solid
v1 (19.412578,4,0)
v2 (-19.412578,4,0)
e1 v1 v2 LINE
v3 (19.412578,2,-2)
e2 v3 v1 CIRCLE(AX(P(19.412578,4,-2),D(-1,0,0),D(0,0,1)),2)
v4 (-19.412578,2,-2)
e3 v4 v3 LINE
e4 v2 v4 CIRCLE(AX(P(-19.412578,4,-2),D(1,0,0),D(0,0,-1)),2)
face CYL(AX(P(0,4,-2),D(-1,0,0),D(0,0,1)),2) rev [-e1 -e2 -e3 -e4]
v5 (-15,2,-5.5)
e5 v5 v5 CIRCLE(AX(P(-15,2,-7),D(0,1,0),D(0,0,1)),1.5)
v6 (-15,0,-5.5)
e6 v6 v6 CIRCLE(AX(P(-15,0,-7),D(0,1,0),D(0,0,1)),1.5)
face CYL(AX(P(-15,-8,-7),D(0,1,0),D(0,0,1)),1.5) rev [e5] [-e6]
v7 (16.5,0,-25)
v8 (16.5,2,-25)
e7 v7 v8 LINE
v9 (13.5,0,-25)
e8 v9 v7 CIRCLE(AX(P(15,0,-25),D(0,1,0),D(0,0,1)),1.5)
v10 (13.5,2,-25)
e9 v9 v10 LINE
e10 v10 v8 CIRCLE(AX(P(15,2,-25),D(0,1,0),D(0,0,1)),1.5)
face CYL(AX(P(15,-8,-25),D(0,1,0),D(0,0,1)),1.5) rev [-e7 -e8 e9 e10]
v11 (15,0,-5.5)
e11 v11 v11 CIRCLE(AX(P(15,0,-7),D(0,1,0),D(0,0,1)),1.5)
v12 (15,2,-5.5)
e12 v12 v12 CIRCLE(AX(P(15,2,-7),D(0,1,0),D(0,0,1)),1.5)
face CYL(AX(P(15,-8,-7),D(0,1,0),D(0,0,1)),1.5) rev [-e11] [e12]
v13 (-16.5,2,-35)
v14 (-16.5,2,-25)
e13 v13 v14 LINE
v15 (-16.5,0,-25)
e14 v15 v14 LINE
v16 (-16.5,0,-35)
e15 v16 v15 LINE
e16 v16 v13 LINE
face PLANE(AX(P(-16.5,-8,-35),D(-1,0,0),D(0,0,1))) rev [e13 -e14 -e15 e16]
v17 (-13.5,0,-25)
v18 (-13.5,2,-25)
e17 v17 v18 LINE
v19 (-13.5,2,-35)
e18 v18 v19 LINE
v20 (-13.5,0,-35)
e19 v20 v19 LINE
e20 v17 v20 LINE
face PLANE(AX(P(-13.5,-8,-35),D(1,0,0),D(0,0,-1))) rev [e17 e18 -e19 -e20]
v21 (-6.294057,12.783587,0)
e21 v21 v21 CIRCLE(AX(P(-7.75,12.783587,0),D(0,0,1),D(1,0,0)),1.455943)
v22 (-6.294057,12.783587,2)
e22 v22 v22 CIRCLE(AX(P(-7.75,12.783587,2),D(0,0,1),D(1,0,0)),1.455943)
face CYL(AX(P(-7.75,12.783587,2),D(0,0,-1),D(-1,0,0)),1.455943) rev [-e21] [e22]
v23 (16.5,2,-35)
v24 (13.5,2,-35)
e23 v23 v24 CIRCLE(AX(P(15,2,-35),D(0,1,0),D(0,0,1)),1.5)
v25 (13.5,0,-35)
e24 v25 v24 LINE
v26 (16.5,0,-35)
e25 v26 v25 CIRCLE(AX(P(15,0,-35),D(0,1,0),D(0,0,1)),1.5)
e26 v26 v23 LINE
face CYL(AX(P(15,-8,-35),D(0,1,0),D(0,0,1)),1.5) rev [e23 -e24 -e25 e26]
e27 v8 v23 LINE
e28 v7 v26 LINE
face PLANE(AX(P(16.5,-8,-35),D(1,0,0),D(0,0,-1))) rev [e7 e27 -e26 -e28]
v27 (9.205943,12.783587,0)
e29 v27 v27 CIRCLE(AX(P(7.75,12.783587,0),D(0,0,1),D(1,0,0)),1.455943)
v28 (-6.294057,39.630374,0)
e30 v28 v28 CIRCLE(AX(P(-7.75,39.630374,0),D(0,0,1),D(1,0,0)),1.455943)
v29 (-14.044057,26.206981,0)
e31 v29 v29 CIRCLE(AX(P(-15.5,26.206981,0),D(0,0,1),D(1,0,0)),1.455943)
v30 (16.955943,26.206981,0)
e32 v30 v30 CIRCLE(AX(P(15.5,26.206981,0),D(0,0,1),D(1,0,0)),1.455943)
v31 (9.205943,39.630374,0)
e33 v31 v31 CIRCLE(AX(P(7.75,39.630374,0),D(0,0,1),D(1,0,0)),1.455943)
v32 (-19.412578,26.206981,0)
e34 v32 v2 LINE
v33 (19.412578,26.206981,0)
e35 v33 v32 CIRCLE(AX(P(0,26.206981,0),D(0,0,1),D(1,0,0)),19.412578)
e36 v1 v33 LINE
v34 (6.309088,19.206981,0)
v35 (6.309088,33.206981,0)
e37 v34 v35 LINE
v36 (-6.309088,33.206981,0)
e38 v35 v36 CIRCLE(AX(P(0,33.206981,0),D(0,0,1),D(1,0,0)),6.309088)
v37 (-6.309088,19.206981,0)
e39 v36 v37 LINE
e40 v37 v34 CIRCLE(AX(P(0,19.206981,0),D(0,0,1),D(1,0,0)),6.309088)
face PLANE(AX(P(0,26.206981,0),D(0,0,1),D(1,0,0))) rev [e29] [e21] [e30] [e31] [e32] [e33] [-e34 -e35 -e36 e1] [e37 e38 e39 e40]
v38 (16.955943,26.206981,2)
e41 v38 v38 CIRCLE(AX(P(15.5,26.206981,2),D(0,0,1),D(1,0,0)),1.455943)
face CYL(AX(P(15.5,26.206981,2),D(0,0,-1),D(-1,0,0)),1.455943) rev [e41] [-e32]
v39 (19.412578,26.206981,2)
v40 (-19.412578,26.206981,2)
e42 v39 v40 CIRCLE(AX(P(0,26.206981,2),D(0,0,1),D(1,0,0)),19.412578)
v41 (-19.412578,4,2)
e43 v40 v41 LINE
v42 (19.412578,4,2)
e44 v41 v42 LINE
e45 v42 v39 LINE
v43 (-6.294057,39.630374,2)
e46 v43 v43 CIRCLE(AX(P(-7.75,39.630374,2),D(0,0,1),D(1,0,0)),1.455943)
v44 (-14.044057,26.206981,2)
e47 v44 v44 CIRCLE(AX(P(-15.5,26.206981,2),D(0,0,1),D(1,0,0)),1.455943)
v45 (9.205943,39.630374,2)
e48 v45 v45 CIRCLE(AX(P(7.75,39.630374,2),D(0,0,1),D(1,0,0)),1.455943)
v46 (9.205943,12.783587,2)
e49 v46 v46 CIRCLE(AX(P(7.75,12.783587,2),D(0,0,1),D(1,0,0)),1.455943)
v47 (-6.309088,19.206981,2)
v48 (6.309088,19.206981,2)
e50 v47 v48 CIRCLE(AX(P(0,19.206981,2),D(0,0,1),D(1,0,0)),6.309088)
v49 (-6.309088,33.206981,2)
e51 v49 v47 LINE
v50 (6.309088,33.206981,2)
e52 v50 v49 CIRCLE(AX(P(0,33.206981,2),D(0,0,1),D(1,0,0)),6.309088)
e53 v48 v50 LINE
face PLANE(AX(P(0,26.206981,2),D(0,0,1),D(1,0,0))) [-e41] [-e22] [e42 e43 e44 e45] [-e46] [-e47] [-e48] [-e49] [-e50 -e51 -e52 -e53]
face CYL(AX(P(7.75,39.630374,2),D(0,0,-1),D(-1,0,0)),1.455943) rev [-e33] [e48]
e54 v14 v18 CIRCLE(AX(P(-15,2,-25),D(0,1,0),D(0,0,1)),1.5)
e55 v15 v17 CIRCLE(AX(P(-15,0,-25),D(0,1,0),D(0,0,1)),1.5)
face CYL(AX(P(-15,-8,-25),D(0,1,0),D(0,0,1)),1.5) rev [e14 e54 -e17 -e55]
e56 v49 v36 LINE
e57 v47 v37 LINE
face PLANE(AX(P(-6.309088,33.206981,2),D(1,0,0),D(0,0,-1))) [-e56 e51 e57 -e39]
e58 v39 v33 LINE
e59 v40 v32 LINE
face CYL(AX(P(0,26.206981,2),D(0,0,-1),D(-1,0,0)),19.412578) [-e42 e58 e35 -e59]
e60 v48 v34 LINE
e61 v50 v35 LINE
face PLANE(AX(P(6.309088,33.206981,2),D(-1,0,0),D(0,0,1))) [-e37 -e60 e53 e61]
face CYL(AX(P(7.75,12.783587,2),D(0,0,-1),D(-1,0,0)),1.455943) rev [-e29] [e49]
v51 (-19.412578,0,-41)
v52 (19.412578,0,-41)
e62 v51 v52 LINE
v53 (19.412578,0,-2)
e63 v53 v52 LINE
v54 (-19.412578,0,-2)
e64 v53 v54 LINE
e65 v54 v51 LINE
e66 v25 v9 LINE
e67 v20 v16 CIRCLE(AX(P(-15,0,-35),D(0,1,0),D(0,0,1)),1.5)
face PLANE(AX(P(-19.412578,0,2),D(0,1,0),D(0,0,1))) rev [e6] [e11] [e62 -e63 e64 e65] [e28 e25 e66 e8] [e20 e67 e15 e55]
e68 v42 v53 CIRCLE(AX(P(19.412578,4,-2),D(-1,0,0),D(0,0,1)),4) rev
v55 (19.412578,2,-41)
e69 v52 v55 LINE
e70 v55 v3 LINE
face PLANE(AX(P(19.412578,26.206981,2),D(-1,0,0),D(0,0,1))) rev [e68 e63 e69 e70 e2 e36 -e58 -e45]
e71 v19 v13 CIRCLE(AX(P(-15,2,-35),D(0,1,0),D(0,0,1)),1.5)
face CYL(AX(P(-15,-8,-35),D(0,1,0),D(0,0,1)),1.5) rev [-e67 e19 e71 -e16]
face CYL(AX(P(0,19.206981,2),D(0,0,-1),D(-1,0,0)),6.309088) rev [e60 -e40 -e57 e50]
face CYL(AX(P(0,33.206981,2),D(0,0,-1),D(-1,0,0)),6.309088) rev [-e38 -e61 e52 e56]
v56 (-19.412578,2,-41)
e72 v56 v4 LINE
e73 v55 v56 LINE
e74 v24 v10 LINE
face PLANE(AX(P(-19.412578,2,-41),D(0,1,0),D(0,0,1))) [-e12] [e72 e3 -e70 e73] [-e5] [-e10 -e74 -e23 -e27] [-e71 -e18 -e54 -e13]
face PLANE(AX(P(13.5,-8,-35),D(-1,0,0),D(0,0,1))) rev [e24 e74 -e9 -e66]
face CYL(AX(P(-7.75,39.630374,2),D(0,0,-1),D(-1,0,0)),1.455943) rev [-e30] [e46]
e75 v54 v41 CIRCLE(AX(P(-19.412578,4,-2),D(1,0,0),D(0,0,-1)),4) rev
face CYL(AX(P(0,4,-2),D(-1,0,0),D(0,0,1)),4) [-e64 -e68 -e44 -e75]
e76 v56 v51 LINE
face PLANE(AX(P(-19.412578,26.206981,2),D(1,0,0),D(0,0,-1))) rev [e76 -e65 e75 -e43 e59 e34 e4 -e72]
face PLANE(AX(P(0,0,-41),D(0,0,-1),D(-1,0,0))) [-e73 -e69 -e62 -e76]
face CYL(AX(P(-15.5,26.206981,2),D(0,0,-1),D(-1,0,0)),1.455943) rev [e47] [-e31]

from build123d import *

# Parameters (mm, degrees)
SKETCH_2_R          = 1.455943363
EXTRUDE_1_DEPTH     = 2
SKETCH_3_W          = 38.825156346
SKETCH_3_H          = 2
EXTRUDE_2_DEPTH     = 43
SKETCH_4_R          = 1.5
CUT_EXTRUDE_1_DEPTH = 10
FILLET_1_R          = 4
FILLET_2_R          = 2


with BuildPart() as part:
    # 草图2 → 凸台-拉伸1 (new body)
    with BuildSketch(Plane.XY):
        with BuildLine():
            Line((-19.412578173, 26.206980534), (-19.412578173, 0))
            Line((-19.412578173, 0), (19.412578173, 0))
            Line((19.412578173, 0), (19.412578173, 26.206980534))
            ThreePointArc((19.412578173, 26.206980534), (0, 45.619558707), (-19.412578173, 26.206980534))
        make_face()
        with Locations((15.5, 26.206980534)):
            Circle(SKETCH_2_R, mode=Mode.SUBTRACT)
        with Locations((7.75, 12.783586775)):
            Circle(SKETCH_2_R, mode=Mode.SUBTRACT)
        with Locations((-7.75, 12.783586775)):
            Circle(SKETCH_2_R, mode=Mode.SUBTRACT)
        with Locations((-15.5, 26.206980534)):
            Circle(SKETCH_2_R, mode=Mode.SUBTRACT)
        with Locations((-7.75, 39.630374293)):
            Circle(SKETCH_2_R, mode=Mode.SUBTRACT)
        with Locations((7.75, 39.630374293)):
            Circle(SKETCH_2_R, mode=Mode.SUBTRACT)
        with BuildLine():
            Line((-6.309087906, 33.206980534), (-6.309087906, 19.206980534))
            ThreePointArc((-6.309087906, 19.206980534), (0, 12.897892628), (6.309087906, 19.206980534))
            Line((6.309087906, 19.206980534), (6.309087906, 33.206980534))
            ThreePointArc((6.309087906, 33.206980534), (0, 39.51606844), (-6.309087906, 33.206980534))
        make_face(mode=Mode.SUBTRACT)
    extrude(amount=EXTRUDE_1_DEPTH)

    # 草图3 → 凸台-拉伸2 (add)
    with BuildSketch(Plane.XY.offset(2)):
        with Locations((0, 1)):
            Rectangle(SKETCH_3_W, SKETCH_3_H)
    extrude(amount=-EXTRUDE_2_DEPTH)

    # 草图4 → 切除-拉伸1 (cut)
    with BuildSketch(Plane(origin=(0, 2, 0), x_dir=(1, 0, 0), z_dir=(0, 1, 0))):
        with Locations(Location((-15, 7, 0), (0, 0, 270))):
            Circle(SKETCH_4_R)
        with Locations(Location((15, 7, 0), (0, 0, 270))):
            Circle(SKETCH_4_R)
        with BuildLine():
            Line((-16.5, 35), (-16.5, 25))
            ThreePointArc((-16.5, 25), (-15, 23.5), (-13.5, 25))
            Line((-13.5, 25), (-13.5, 35))
            ThreePointArc((-13.5, 35), (-15, 36.5), (-16.5, 35))
        make_face()
        with BuildLine():
            Line((13.5, 35), (13.5, 25))
            ThreePointArc((13.5, 25), (15, 23.5), (16.5, 25))
            Line((16.5, 25), (16.5, 35))
            ThreePointArc((16.5, 35), (15, 36.5), (13.5, 35))
        make_face()
    extrude(amount=-CUT_EXTRUDE_1_DEPTH, mode=Mode.SUBTRACT)

    # 圆角1
    fillet_1_edges = [part.edges().sort_by_distance(p)[0] for p in [
        (0, 0, 2),
    ]]
    fillet(fillet_1_edges, radius=FILLET_1_R)

    # 圆角2
    fillet_2_edges = [part.edges().sort_by_distance(p)[0] for p in [
        (0, 2, 0),
    ]]
    fillet(fillet_2_edges, radius=FILLET_2_R)


solid = part.part
